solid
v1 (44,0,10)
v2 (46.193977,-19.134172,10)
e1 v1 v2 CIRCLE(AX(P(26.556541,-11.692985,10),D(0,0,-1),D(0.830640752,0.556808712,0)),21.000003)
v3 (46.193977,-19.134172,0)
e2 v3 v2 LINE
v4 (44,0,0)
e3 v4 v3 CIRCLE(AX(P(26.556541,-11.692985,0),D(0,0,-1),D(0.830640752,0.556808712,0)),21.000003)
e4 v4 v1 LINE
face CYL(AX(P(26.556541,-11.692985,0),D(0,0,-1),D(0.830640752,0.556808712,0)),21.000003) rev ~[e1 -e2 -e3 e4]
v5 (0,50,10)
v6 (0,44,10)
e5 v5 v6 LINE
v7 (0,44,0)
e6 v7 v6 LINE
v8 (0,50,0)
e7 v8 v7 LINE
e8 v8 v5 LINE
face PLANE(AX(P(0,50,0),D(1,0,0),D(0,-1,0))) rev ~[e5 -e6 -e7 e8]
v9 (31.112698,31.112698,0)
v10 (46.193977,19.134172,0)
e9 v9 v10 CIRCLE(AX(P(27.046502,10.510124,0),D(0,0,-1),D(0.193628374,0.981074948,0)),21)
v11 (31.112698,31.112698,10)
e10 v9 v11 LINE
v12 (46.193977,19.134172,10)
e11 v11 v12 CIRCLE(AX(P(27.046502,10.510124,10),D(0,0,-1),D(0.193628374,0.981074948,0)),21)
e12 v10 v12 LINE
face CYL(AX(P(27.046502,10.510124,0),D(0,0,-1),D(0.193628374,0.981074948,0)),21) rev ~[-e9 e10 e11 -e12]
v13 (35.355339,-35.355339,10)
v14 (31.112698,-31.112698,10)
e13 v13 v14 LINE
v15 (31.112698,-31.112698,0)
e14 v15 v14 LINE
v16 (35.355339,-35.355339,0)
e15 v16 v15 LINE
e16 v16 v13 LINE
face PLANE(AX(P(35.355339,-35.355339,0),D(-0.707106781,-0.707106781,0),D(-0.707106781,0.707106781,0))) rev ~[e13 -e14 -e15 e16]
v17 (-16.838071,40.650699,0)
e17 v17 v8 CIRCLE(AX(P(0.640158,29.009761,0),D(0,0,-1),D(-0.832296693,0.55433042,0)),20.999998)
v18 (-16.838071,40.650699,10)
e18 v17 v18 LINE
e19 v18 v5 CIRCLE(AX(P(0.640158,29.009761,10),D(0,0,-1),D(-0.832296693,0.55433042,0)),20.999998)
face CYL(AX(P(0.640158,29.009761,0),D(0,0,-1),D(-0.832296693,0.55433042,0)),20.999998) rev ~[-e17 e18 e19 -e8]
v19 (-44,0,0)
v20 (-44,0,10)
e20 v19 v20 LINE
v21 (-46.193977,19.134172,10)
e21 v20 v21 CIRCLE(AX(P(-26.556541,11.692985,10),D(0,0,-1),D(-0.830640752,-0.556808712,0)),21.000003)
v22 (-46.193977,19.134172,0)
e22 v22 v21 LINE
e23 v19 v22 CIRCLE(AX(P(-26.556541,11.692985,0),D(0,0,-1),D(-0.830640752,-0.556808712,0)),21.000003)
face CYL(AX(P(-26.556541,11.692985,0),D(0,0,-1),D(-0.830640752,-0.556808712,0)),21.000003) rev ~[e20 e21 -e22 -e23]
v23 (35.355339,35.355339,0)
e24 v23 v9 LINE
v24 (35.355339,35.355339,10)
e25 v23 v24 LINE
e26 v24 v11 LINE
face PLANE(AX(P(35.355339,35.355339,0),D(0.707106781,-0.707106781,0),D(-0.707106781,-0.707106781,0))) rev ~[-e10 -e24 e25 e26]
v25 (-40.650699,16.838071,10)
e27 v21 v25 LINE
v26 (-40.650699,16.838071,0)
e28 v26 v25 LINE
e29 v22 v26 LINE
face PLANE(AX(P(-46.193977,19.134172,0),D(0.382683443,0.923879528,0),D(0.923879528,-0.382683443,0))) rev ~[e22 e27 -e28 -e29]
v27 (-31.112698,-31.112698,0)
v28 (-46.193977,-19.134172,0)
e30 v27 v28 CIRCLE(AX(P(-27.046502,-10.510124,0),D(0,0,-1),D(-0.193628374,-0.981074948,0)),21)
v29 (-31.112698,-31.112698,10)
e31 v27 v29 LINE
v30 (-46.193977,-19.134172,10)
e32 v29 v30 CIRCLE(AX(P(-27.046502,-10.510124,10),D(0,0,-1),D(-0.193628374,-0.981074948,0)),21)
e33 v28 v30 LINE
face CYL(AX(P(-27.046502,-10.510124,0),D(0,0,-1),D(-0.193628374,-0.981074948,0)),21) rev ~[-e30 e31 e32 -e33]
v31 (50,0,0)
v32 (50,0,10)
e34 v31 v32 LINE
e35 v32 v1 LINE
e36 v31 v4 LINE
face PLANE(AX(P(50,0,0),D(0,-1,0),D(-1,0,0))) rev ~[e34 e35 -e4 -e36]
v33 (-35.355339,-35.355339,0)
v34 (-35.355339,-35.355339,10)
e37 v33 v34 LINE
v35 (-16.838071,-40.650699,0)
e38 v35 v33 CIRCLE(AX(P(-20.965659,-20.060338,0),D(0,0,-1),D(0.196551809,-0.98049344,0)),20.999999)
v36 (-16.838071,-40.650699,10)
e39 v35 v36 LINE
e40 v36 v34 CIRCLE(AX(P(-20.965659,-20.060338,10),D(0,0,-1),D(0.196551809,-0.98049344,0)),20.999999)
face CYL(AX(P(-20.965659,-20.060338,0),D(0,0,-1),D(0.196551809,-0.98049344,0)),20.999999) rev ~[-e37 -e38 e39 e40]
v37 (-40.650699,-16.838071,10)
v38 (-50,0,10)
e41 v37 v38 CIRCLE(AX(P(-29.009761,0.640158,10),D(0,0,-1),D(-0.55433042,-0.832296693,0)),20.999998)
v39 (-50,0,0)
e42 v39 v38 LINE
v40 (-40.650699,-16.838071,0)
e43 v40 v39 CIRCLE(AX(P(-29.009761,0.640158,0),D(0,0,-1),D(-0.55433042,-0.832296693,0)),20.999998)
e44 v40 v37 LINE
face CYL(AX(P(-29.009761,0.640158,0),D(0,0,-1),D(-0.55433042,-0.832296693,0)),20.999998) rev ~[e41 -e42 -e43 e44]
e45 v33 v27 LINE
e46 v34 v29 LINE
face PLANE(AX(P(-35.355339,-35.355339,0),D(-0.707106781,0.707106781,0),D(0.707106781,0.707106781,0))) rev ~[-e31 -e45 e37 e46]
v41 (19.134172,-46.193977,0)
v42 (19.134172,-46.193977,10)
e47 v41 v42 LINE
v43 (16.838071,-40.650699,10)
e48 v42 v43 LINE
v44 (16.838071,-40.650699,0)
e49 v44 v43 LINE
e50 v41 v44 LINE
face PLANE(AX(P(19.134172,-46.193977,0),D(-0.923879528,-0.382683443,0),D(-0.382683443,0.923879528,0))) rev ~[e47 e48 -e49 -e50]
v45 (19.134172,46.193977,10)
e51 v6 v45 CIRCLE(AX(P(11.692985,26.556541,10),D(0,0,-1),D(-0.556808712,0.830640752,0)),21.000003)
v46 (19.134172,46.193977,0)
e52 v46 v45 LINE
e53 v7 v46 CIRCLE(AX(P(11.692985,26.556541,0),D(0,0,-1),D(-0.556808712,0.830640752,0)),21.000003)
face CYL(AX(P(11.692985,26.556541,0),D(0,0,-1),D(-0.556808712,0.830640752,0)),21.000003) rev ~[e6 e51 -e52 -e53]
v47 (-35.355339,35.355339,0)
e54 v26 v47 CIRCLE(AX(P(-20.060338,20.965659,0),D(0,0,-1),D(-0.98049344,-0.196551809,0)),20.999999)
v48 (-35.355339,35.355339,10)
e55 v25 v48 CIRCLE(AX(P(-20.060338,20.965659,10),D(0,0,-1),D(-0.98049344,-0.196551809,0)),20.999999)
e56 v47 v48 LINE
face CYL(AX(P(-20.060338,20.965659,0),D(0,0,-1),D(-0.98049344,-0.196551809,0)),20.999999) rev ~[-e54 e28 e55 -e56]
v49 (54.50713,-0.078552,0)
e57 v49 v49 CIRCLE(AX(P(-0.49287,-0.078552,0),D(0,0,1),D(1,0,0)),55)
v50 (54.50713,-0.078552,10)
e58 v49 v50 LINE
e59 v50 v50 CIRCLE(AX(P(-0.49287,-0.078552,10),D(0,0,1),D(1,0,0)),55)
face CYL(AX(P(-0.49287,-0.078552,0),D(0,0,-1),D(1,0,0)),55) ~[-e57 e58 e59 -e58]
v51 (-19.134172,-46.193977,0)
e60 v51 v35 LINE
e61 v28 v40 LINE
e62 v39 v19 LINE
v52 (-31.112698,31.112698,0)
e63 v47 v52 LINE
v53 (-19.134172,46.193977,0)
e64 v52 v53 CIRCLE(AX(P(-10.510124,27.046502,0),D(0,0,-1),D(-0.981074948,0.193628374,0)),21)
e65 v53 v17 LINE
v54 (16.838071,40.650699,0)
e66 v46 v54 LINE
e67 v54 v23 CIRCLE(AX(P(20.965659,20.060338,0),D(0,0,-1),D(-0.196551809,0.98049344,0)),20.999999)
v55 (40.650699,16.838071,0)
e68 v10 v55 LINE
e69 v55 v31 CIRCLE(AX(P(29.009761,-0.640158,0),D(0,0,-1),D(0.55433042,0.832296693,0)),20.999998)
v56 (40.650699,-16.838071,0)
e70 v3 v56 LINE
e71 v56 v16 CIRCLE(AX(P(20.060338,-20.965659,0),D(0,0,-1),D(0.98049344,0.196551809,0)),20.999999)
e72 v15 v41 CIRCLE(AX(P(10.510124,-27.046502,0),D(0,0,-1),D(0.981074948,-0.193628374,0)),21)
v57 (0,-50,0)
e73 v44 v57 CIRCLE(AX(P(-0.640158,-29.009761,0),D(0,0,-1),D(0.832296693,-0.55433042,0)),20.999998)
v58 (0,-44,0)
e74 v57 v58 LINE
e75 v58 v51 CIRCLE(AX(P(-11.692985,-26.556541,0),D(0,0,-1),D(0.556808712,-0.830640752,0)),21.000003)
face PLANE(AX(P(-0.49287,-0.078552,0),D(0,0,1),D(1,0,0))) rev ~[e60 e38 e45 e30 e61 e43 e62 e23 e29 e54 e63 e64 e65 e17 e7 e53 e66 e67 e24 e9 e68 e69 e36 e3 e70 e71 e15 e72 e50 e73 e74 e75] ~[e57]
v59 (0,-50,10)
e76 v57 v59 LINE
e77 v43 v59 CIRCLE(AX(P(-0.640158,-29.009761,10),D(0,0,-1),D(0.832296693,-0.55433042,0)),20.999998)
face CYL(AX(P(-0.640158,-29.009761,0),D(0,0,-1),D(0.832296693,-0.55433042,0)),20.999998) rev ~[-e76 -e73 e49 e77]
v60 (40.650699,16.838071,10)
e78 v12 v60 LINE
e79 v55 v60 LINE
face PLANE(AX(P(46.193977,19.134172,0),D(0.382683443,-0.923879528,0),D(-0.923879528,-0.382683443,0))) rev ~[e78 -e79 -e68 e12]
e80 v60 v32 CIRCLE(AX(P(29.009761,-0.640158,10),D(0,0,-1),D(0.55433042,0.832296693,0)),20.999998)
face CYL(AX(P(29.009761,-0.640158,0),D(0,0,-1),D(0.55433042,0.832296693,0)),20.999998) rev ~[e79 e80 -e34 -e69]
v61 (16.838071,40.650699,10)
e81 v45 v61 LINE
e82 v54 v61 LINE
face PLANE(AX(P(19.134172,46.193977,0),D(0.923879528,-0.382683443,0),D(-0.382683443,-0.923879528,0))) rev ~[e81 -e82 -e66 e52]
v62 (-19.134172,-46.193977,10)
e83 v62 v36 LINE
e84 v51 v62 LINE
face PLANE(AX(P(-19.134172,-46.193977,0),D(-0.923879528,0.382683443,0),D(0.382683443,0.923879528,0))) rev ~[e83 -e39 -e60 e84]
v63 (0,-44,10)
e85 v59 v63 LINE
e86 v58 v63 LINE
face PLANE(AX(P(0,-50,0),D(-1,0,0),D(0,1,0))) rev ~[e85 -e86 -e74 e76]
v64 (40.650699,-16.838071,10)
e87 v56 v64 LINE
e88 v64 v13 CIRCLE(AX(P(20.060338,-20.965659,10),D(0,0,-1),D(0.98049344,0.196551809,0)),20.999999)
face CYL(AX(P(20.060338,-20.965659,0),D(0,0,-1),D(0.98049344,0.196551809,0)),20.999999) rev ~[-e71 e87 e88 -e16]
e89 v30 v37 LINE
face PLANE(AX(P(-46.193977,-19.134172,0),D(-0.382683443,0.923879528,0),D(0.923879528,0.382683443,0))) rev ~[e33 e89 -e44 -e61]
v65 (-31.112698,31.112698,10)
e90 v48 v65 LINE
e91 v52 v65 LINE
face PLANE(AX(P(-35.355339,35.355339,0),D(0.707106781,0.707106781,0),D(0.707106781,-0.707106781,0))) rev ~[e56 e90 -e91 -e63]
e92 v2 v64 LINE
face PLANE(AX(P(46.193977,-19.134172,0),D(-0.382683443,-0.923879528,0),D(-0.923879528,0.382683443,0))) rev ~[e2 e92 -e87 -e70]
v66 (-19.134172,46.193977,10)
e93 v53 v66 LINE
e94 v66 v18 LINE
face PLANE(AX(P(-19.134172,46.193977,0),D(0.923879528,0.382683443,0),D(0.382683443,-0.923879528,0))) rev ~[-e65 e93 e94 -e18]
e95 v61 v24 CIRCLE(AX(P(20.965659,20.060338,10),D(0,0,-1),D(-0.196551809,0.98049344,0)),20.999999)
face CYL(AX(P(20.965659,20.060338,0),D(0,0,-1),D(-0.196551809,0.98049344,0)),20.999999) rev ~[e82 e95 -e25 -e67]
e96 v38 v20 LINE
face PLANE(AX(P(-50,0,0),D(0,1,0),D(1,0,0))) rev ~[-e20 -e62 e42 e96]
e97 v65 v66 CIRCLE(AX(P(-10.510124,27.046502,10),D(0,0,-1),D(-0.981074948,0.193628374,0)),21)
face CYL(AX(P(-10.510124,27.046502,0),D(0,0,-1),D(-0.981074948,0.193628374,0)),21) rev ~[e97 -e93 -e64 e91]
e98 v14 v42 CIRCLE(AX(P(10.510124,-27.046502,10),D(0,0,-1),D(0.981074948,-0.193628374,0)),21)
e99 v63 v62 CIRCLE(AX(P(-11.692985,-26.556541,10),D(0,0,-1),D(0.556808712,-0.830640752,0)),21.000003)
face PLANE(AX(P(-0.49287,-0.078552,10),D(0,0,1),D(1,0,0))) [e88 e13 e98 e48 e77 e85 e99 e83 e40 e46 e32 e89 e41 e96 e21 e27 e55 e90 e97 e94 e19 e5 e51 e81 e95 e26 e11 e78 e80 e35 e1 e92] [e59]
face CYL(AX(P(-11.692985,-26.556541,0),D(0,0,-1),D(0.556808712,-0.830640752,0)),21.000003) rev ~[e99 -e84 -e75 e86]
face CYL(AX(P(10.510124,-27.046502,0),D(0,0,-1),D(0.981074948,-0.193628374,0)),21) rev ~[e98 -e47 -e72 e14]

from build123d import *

# Parameters (mm, degrees)
F0_R     = 55
F1_DEPTH = 10


with BuildPart() as f1:
    # F0 (on Top) → F1 (new body)
    with BuildSketch(Plane.XY):
        with Locations((-0.49287, -0.078552)):
            Circle(F0_R)
        with BuildLine():
            Line((0, 50), (0, 44))
            ThreePointArc((0, 44), (9.300741, 47.419842), (19.134172, 46.193977))
            Line((19.134172, 46.193977), (16.838071, 40.650699))
            ThreePointArc((16.838071, 40.650699), (26.739552, 40.250982), (35.355339, 35.355339))
            Line((35.355339, 35.355339), (31.112698, 31.112698))
            ThreePointArc((31.112698, 31.112698), (40.107509, 26.954275), (46.193977, 19.134172))
            Line((46.193977, 19.134172), (40.650699, 16.838071))
            ThreePointArc((40.650699, 16.838071), (47.369461, 9.554024), (50, 0))
            Line((50, 0), (44, 0))
            ThreePointArc((44, 0), (47.419842, -9.300741), (46.193977, -19.134172))
            Line((46.193977, -19.134172), (40.650699, -16.838071))
            ThreePointArc((40.650699, -16.838071), (40.250982, -26.739552), (35.355339, -35.355339))
            Line((35.355339, -35.355339), (31.112698, -31.112698))
            ThreePointArc((31.112698, -31.112698), (26.954275, -40.107509), (19.134172, -46.193977))
            Line((19.134172, -46.193977), (16.838071, -40.650699))
            ThreePointArc((16.838071, -40.650699), (9.554024, -47.369461), (0, -50))
            Line((0, -50), (0, -44))
            ThreePointArc((0, -44), (-9.300741, -47.419842), (-19.134172, -46.193977))
            Line((-19.134172, -46.193977), (-16.838071, -40.650699))
            ThreePointArc((-16.838071, -40.650699), (-26.739552, -40.250982), (-35.355339, -35.355339))
            Line((-35.355339, -35.355339), (-31.112698, -31.112698))
            ThreePointArc((-31.112698, -31.112698), (-40.107509, -26.954275), (-46.193977, -19.134172))
            Line((-46.193977, -19.134172), (-40.650699, -16.838071))
            ThreePointArc((-40.650699, -16.838071), (-47.369461, -9.554024), (-50, 0))
            Line((-50, 0), (-44, 0))
            ThreePointArc((-44, 0), (-47.419842, 9.300741), (-46.193977, 19.134172))
            Line((-46.193977, 19.134172), (-40.650699, 16.838071))
            ThreePointArc((-40.650699, 16.838071), (-40.250982, 26.739552), (-35.355339, 35.355339))
            Line((-35.355339, 35.355339), (-31.112698, 31.112698))
            ThreePointArc((-31.112698, 31.112698), (-26.954275, 40.107509), (-19.134172, 46.193977))
            Line((-19.134172, 46.193977), (-16.838071, 40.650699))
            ThreePointArc((-16.838071, 40.650699), (-9.554024, 47.369461), (0, 50))
        make_face(mode=Mode.SUBTRACT)
    extrude(amount=F1_DEPTH)


solid = f1.part
